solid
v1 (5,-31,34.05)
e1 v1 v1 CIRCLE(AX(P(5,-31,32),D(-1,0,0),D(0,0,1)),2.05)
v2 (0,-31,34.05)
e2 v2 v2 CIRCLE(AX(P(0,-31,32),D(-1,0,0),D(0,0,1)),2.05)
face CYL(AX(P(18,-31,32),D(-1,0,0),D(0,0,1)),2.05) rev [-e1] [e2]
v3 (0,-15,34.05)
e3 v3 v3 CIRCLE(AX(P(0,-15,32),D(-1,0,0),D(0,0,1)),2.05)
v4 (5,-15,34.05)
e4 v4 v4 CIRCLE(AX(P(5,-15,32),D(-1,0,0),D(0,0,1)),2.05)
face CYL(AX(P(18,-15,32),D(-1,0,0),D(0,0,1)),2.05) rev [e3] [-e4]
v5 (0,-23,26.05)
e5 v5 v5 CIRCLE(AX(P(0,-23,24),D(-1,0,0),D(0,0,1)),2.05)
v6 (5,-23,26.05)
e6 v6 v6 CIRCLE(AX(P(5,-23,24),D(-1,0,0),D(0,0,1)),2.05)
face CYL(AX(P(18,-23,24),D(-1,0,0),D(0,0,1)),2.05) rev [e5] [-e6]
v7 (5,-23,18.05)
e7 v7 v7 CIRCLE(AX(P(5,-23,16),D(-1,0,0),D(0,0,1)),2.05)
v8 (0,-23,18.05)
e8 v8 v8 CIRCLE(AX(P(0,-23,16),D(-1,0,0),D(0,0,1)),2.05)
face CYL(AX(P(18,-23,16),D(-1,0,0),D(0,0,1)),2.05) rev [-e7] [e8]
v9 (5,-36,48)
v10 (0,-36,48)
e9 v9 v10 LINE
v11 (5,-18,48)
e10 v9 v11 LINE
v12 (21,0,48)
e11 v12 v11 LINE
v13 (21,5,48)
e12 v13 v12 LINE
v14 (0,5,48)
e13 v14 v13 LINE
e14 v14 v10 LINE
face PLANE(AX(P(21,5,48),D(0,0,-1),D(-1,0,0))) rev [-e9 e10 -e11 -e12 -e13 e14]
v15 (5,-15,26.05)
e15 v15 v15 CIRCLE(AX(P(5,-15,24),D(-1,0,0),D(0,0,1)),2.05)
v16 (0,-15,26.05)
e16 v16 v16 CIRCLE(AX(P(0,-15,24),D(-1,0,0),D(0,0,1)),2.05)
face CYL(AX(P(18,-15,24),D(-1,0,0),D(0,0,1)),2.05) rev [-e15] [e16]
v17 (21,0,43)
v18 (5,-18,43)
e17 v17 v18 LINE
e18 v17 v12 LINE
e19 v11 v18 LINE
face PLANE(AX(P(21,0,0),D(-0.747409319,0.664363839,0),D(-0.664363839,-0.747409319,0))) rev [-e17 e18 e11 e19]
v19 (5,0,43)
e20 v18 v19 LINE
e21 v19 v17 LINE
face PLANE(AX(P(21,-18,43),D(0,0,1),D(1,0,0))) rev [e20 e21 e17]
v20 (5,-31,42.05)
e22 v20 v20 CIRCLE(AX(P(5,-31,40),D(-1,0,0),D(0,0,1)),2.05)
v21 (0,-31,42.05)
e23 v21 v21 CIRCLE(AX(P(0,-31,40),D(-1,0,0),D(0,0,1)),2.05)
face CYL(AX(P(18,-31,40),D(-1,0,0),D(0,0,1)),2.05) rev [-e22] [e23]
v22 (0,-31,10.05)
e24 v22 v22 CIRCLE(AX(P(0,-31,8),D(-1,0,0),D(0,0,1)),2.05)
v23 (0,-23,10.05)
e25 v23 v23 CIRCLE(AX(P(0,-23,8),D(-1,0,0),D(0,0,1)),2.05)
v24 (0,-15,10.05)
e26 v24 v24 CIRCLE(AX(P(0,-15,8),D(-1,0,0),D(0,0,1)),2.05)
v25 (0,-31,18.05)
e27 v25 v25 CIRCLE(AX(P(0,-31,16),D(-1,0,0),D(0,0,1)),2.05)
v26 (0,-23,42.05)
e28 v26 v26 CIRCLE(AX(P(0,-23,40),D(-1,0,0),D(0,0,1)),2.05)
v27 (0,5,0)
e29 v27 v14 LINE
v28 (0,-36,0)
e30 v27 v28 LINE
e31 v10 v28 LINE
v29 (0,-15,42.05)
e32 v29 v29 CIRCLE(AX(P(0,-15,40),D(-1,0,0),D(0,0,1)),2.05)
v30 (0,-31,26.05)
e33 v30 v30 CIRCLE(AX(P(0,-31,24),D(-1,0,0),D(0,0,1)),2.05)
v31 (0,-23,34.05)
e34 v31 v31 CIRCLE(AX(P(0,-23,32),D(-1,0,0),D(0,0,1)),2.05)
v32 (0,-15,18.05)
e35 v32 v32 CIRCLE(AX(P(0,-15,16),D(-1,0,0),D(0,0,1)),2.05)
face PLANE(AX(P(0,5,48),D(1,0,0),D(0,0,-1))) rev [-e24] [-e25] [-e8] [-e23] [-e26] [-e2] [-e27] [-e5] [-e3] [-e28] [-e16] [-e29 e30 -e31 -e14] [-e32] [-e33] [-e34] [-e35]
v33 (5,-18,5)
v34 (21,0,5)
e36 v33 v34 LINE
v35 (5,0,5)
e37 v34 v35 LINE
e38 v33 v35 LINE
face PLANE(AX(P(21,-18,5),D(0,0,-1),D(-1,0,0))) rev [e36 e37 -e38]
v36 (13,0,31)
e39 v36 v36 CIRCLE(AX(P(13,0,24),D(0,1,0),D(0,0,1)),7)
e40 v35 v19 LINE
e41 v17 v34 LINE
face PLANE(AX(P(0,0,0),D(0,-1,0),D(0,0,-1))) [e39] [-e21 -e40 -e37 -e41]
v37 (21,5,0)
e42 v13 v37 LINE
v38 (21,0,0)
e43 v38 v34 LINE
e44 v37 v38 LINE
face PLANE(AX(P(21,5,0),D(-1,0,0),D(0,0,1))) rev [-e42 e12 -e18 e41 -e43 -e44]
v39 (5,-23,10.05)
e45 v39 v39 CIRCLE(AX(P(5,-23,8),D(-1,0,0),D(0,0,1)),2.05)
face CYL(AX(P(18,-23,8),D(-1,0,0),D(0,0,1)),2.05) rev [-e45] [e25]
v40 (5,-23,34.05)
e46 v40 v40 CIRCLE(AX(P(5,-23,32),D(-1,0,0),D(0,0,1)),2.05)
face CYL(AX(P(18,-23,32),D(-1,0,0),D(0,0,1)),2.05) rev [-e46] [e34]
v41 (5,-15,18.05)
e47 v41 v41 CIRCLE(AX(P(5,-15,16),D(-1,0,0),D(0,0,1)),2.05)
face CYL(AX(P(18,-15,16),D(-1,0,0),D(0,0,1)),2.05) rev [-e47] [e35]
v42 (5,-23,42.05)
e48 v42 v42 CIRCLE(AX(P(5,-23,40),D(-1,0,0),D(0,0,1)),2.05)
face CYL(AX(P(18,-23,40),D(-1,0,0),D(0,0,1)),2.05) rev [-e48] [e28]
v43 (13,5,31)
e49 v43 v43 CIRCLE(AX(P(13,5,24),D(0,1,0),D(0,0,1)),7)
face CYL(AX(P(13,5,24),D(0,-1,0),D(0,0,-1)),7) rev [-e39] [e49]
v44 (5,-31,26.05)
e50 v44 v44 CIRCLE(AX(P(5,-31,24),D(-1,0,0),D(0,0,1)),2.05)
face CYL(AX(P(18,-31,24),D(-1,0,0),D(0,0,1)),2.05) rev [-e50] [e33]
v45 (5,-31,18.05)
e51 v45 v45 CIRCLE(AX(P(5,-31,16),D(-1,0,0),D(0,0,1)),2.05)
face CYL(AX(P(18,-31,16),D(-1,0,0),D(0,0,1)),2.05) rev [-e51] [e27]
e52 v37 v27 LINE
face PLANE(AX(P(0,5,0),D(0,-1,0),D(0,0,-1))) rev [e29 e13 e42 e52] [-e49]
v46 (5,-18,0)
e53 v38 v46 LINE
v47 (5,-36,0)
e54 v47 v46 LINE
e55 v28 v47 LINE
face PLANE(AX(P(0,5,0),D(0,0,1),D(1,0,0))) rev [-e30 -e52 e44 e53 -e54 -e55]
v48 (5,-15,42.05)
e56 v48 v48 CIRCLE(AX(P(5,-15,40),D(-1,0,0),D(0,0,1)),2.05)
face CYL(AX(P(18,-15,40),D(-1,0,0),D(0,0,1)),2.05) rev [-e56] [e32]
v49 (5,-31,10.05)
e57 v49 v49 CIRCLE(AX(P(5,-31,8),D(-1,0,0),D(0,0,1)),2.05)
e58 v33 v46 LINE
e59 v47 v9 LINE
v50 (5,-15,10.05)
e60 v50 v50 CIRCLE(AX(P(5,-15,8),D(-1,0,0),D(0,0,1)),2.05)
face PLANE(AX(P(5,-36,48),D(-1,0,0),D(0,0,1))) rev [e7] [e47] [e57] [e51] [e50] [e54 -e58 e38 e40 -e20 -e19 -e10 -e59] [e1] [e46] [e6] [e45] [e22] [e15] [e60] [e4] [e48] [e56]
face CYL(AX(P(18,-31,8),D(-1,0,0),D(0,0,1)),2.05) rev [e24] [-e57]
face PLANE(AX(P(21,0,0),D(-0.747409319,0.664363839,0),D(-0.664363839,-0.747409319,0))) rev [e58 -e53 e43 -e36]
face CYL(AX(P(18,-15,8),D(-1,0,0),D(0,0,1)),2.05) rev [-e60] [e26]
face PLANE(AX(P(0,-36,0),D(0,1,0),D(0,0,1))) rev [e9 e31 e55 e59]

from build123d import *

# Parameters (mm, degrees)
SKETCH1_W           = 21
SKETCH1_H           = 48
SKETCH1_R           = 7
BOSS_EXTRUDE1_DEPTH = 5
SKETCH2_W           = 5
SKETCH2_H           = 48
BOSS_EXTRUDE2_DEPTH = 36
SKETCH4_W           = 16
SKETCH4_H           = 5
BOSS_EXTRUDE3_DEPTH = 18
CUT_EXTRUDE1_DEPTH  = 64.568860301
SKETCH6_R           = 2.05
CUT_EXTRUDE2_DEPTH  = 18


with BuildPart() as part:
    # Sketch1 → Boss-Extrude1 (new body)
    with BuildSketch(Plane(origin=(0, 0, 0), x_dir=(1, 0, 0), z_dir=(0, 1, 0))):
        with Locations((10.5, -24)):
            Rectangle(SKETCH1_W, SKETCH1_H)
        with Locations(Location((13, -24, 0), (0, 0, 270))):
            Circle(SKETCH1_R, mode=Mode.SUBTRACT)
    extrude(amount=BOSS_EXTRUDE1_DEPTH)

    # Sketch2 → Boss-Extrude2 (add)
    with BuildSketch(Plane.XZ):
        with Locations((2.5, 24)):
            Rectangle(SKETCH2_W, SKETCH2_H)
    extrude(amount=BOSS_EXTRUDE2_DEPTH)

    # Sketch4 → Boss-Extrude3 (add)
    with BuildSketch(Plane.XZ):
        with Locations((13, 45.5)):
            Rectangle(SKETCH4_W, SKETCH4_H)
        with Locations((13, 2.5)):
            Rectangle(SKETCH4_W, SKETCH4_H)
    extrude(amount=BOSS_EXTRUDE3_DEPTH)

    # Sketch5 → Cut-Extrude1 (cut, through all)
    with BuildSketch(Plane.XY.offset(48)):
        Polygon((21, 0), (5, -18), (21, -18), align=None)
    extrude(amount=-CUT_EXTRUDE1_DEPTH, mode=Mode.SUBTRACT)

    # Sketch6 → Cut-Extrude2 (cut)
    with BuildSketch(Plane.ZY):
        with Locations((8, -31)):
            Circle(SKETCH6_R)
        with Locations((16, -31)):
            Circle(SKETCH6_R)
        with Locations((24, -31)):
            Circle(SKETCH6_R)
        with Locations((32, -31)):
            Circle(SKETCH6_R)
        with Locations((40, -31)):
            Circle(SKETCH6_R)
        with Locations((16, -23)):
            Circle(SKETCH6_R)
        with Locations((24, -23)):
            Circle(SKETCH6_R)
        with Locations((32, -23)):
            Circle(SKETCH6_R)
        with Locations((40, -23)):
            Circle(SKETCH6_R)
        with Locations((16, -15)):
            Circle(SKETCH6_R)
        with Locations((24, -15)):
            Circle(SKETCH6_R)
        with Locations((32, -15)):
            Circle(SKETCH6_R)
        with Locations((40, -15)):
            Circle(SKETCH6_R)
        with Locations((8, -23)):
            Circle(SKETCH6_R)
        with Locations((8, -15)):
            Circle(SKETCH6_R)
    extrude(amount=-CUT_EXTRUDE2_DEPTH, mode=Mode.SUBTRACT)


solid = part.part
